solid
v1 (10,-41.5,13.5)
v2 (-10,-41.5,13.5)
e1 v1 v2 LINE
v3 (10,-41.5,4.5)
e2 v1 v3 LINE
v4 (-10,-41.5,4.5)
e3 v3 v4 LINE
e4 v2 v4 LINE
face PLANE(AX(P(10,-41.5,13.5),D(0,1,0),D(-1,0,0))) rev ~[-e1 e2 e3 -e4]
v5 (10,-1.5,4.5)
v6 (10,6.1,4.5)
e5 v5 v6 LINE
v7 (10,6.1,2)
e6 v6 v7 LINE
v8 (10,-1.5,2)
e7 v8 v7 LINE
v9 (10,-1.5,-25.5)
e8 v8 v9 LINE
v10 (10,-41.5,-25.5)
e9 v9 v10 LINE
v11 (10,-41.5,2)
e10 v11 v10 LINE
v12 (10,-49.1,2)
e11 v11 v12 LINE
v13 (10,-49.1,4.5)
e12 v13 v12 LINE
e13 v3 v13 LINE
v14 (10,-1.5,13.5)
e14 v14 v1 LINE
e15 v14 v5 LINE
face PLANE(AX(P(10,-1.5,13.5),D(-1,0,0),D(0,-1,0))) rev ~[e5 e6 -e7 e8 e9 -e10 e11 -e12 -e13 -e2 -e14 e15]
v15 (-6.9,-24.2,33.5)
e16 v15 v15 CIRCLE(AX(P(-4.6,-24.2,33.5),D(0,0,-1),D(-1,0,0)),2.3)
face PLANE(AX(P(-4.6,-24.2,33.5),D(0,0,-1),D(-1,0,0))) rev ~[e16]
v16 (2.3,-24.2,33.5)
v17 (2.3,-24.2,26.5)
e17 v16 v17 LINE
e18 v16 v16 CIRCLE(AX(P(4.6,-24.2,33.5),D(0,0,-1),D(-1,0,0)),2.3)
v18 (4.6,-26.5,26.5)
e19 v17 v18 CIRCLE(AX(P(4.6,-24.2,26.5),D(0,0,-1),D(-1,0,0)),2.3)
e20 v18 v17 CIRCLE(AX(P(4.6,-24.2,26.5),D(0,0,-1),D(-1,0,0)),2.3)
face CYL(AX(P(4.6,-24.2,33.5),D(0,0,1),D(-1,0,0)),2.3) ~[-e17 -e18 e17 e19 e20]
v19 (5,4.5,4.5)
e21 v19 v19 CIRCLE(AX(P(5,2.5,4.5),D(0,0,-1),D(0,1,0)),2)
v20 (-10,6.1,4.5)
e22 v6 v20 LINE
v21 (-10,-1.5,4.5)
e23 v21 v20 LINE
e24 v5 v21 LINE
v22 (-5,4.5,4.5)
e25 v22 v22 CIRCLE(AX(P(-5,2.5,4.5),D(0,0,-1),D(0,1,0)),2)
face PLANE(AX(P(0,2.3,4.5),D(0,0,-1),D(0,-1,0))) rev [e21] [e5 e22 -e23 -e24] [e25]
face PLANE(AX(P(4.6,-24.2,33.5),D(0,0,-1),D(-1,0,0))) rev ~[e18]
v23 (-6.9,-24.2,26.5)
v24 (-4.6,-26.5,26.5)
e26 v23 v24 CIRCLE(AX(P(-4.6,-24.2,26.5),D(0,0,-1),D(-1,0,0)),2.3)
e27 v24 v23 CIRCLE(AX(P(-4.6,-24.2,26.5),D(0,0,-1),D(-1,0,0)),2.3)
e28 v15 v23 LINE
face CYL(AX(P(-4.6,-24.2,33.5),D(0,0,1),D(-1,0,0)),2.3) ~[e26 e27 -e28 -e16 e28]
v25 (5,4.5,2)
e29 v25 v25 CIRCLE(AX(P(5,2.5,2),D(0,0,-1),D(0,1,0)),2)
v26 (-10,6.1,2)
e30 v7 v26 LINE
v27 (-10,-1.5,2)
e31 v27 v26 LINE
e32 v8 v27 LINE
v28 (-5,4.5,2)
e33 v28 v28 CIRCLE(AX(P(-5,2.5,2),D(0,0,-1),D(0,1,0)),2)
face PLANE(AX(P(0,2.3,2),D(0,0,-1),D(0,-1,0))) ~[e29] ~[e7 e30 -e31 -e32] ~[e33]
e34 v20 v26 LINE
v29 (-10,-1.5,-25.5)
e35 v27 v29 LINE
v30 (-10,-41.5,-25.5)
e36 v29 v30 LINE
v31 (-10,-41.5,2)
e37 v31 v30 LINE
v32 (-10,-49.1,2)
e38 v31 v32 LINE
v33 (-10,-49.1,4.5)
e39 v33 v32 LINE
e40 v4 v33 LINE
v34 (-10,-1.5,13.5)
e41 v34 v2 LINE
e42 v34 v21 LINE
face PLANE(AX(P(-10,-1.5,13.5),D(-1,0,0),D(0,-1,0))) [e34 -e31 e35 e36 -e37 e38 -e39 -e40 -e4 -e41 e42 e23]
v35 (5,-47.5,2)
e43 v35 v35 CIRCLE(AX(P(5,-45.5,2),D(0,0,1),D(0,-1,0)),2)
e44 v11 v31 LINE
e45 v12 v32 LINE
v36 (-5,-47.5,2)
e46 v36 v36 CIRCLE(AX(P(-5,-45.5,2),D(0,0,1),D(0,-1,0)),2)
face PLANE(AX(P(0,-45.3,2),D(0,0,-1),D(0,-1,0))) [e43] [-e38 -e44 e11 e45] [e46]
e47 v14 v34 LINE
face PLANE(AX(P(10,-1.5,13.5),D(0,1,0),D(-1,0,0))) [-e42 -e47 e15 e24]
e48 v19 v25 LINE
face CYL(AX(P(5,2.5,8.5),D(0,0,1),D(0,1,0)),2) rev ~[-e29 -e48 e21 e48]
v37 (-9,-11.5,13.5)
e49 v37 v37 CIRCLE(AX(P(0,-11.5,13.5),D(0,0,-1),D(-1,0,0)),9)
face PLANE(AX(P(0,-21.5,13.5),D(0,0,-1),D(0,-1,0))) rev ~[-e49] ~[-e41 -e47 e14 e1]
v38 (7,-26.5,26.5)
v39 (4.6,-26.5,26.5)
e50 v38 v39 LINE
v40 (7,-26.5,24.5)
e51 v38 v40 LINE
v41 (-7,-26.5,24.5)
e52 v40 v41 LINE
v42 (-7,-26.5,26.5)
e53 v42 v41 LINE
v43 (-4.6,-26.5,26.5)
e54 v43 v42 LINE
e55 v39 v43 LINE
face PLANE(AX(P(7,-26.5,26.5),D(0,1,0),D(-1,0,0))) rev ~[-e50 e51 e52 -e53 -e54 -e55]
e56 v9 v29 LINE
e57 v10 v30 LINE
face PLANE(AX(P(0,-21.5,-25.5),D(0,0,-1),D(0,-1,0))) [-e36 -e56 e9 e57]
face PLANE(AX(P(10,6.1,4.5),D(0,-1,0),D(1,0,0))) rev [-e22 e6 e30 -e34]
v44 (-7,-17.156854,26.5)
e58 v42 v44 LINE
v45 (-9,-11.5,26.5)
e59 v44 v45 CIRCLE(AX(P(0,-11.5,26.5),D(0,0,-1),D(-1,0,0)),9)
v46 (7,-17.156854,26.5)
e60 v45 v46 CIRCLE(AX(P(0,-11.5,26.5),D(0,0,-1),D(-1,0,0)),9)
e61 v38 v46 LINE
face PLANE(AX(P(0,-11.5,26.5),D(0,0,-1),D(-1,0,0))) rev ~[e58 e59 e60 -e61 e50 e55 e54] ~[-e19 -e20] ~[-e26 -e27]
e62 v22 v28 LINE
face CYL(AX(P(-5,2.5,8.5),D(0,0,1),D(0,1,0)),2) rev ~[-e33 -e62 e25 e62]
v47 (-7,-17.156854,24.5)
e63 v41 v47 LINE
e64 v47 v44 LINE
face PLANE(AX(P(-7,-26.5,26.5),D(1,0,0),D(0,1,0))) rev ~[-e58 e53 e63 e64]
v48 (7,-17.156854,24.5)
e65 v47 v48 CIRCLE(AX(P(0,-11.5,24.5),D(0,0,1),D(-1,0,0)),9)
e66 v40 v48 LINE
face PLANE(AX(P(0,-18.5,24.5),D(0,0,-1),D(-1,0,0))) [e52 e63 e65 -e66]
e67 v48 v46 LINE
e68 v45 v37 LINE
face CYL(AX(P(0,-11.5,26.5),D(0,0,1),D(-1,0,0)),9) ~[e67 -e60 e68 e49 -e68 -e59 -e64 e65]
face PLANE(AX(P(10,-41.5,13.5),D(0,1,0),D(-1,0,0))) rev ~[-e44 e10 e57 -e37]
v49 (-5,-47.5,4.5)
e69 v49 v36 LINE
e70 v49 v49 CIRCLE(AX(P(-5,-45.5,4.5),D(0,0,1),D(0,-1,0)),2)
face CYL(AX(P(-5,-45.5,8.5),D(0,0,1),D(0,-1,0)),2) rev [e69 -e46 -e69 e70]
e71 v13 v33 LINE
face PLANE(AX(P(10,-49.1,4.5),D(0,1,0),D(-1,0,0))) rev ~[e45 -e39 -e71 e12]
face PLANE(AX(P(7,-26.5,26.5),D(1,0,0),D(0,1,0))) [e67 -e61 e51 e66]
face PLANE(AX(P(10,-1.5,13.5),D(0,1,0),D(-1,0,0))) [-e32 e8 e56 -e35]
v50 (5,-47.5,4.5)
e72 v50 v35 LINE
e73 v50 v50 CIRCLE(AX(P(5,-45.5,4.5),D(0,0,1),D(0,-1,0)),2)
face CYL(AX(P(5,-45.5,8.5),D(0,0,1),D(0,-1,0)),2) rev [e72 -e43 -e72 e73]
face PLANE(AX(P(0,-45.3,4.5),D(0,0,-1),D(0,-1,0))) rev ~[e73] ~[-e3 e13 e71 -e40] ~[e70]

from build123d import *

# Parameters (mm, degrees)
CYLINDER001_R             = 2
CYLINDER001_DEPTH         = 10
CYLINDER_R                = 2
CYLINDER_DEPTH            = 10
BOX001_W                  = 7.6
BOX001_H                  = 20
BOX001_DEPTH              = 2.5
BOX_W                     = 40
BOX_H                     = 20
BOX_DEPTH                 = 39
BOX002_W                  = 14
BOX002_H                  = 16
BOX002_DEPTH              = 2
CYLINDER002_R             = 9
CYLINDER002_DEPTH         = 13
CYLINDER004_R             = 2.3
CYLINDER004_DEPTH         = 7
CYLINDER003_R             = 2.3
CYLINDER003_DEPTH         = 7
FUSION009_PLACEMENT_ANGLE = 90
BODY_ROLL_ANGLE           = 180
BODY_PLACEMENT_ANGLE      = -90


with BuildPart() as cylinder001:
    # Cylinder001 → Cylinder001 (new body)
    with BuildSketch(Plane(origin=(44, 15, 5), x_dir=(1, 0, 0), z_dir=(0, 0, 1))):
        Circle(CYLINDER001_R)
    extrude(amount=CYLINDER001_DEPTH)


with BuildPart() as fusion:
    # Cylinder → Cylinder (new body)
    with BuildSketch(Plane(origin=(44, 5, 5), x_dir=(1, 0, 0), z_dir=(0, 0, 1))):
        Circle(CYLINDER_R)
    extrude(amount=CYLINDER_DEPTH)

    # Fusion: union Cylinder001
    add(cylinder001.part)


with BuildPart() as cut:
    # Box001 → Box001 (new body)
    with BuildSketch(Plane(origin=(40, 0, 9), x_dir=(1, 0, 0), z_dir=(0, 0, 1))):
        with Locations((3.8, 10)):
            Rectangle(BOX001_W, BOX001_H)
    extrude(amount=BOX001_DEPTH)

    # Cut: cut Fusion
    add(fusion.part, mode=Mode.SUBTRACT)


with BuildPart() as cut_1:
    # Cut placement: moved
    add(cut.part.moved(Location((-10, -10, 0))))


with BuildPart() as part_mirroring:
    # Part__Mirroring: instance of Cut
    add(cut_1.part.mirror(Plane(origin=(0, 0, 0), x_dir=(0, -1, 0), z_dir=(1, 0, 0))))


with BuildPart() as part_mirroring_1:
    # Part__Mirroring placement: moved
    add(part_mirroring.part.moved(Location((20, 0, 0))))


with BuildPart() as fusion010:
    # Box → Box (new body)
    with BuildSketch(Plane(origin=(-10, -10, 0), x_dir=(1, 0, 0), z_dir=(0, 0, 1))):
        with Locations((20, 10)):
            Rectangle(BOX_W, BOX_H)
    extrude(amount=BOX_DEPTH)

    # Fusion010: union Part__Mirroring, Cut
    add(part_mirroring_1.part)
    add(cut_1.part)


with BuildPart() as cube002:
    # Box002 → Box002 (new body)
    with BuildSketch(Plane(origin=(-7, -15, 0), x_dir=(1, 0, 0), z_dir=(0, 0, 1))):
        with Locations((7, 8)):
            Rectangle(BOX002_W, BOX002_H)
    extrude(amount=BOX002_DEPTH)


with BuildPart() as shaft:
    # Cylinder002 → Cylinder002 (new body)
    with BuildSketch(Plane.XY):
        Circle(CYLINDER002_R)
    extrude(amount=CYLINDER002_DEPTH)


with BuildPart() as cylinder004:
    # Cylinder004 → Cylinder004 (new body)
    with BuildSketch(Plane(origin=(4.6, -12.7, -7), x_dir=(1, 0, 0), z_dir=(0, 0, 1))):
        Circle(CYLINDER004_R)
    extrude(amount=CYLINDER004_DEPTH)


with BuildPart() as servo:
    # Cylinder003 → Cylinder003 (new body)
    with BuildSketch(Plane(origin=(-4.6, -12.7, -7), x_dir=(1, 0, 0), z_dir=(0, 0, 1))):
        Circle(CYLINDER003_R)
    extrude(amount=CYLINDER003_DEPTH)

    # Fusion009: union Cube002, shaft, Cylinder004
    add(cube002.part)
    add(shaft.part)
    add(cylinder004.part)


with BuildPart() as servo_1:
    # Fusion009 placement: moved
    add(servo.part.moved(Location((0, 0, -13))).rotate(Axis((0, 0, -13), (0, 0, 1)), FUSION009_PLACEMENT_ANGLE))

    # Fusion011: union Fusion010
    add(fusion010.part)


with BuildPart() as servo_2:
    # Fusion011 placement: moved
    add(servo_1.part.moved(Location((10, 10, 0))))


with BuildPart() as servo_3:
    # Body roll: moved
    add(servo_2.part.rotate(Axis((0, 0, 0), (1, 0, 0)), BODY_ROLL_ANGLE))


with BuildPart() as servo_4:
    # Body placement: moved
    add(servo_3.part.moved(Location((10, -1.5, 13.5))).rotate(Axis((10, -1.5, 13.5), (0, 0, 1)), BODY_PLACEMENT_ANGLE))


solid = servo_4.part
